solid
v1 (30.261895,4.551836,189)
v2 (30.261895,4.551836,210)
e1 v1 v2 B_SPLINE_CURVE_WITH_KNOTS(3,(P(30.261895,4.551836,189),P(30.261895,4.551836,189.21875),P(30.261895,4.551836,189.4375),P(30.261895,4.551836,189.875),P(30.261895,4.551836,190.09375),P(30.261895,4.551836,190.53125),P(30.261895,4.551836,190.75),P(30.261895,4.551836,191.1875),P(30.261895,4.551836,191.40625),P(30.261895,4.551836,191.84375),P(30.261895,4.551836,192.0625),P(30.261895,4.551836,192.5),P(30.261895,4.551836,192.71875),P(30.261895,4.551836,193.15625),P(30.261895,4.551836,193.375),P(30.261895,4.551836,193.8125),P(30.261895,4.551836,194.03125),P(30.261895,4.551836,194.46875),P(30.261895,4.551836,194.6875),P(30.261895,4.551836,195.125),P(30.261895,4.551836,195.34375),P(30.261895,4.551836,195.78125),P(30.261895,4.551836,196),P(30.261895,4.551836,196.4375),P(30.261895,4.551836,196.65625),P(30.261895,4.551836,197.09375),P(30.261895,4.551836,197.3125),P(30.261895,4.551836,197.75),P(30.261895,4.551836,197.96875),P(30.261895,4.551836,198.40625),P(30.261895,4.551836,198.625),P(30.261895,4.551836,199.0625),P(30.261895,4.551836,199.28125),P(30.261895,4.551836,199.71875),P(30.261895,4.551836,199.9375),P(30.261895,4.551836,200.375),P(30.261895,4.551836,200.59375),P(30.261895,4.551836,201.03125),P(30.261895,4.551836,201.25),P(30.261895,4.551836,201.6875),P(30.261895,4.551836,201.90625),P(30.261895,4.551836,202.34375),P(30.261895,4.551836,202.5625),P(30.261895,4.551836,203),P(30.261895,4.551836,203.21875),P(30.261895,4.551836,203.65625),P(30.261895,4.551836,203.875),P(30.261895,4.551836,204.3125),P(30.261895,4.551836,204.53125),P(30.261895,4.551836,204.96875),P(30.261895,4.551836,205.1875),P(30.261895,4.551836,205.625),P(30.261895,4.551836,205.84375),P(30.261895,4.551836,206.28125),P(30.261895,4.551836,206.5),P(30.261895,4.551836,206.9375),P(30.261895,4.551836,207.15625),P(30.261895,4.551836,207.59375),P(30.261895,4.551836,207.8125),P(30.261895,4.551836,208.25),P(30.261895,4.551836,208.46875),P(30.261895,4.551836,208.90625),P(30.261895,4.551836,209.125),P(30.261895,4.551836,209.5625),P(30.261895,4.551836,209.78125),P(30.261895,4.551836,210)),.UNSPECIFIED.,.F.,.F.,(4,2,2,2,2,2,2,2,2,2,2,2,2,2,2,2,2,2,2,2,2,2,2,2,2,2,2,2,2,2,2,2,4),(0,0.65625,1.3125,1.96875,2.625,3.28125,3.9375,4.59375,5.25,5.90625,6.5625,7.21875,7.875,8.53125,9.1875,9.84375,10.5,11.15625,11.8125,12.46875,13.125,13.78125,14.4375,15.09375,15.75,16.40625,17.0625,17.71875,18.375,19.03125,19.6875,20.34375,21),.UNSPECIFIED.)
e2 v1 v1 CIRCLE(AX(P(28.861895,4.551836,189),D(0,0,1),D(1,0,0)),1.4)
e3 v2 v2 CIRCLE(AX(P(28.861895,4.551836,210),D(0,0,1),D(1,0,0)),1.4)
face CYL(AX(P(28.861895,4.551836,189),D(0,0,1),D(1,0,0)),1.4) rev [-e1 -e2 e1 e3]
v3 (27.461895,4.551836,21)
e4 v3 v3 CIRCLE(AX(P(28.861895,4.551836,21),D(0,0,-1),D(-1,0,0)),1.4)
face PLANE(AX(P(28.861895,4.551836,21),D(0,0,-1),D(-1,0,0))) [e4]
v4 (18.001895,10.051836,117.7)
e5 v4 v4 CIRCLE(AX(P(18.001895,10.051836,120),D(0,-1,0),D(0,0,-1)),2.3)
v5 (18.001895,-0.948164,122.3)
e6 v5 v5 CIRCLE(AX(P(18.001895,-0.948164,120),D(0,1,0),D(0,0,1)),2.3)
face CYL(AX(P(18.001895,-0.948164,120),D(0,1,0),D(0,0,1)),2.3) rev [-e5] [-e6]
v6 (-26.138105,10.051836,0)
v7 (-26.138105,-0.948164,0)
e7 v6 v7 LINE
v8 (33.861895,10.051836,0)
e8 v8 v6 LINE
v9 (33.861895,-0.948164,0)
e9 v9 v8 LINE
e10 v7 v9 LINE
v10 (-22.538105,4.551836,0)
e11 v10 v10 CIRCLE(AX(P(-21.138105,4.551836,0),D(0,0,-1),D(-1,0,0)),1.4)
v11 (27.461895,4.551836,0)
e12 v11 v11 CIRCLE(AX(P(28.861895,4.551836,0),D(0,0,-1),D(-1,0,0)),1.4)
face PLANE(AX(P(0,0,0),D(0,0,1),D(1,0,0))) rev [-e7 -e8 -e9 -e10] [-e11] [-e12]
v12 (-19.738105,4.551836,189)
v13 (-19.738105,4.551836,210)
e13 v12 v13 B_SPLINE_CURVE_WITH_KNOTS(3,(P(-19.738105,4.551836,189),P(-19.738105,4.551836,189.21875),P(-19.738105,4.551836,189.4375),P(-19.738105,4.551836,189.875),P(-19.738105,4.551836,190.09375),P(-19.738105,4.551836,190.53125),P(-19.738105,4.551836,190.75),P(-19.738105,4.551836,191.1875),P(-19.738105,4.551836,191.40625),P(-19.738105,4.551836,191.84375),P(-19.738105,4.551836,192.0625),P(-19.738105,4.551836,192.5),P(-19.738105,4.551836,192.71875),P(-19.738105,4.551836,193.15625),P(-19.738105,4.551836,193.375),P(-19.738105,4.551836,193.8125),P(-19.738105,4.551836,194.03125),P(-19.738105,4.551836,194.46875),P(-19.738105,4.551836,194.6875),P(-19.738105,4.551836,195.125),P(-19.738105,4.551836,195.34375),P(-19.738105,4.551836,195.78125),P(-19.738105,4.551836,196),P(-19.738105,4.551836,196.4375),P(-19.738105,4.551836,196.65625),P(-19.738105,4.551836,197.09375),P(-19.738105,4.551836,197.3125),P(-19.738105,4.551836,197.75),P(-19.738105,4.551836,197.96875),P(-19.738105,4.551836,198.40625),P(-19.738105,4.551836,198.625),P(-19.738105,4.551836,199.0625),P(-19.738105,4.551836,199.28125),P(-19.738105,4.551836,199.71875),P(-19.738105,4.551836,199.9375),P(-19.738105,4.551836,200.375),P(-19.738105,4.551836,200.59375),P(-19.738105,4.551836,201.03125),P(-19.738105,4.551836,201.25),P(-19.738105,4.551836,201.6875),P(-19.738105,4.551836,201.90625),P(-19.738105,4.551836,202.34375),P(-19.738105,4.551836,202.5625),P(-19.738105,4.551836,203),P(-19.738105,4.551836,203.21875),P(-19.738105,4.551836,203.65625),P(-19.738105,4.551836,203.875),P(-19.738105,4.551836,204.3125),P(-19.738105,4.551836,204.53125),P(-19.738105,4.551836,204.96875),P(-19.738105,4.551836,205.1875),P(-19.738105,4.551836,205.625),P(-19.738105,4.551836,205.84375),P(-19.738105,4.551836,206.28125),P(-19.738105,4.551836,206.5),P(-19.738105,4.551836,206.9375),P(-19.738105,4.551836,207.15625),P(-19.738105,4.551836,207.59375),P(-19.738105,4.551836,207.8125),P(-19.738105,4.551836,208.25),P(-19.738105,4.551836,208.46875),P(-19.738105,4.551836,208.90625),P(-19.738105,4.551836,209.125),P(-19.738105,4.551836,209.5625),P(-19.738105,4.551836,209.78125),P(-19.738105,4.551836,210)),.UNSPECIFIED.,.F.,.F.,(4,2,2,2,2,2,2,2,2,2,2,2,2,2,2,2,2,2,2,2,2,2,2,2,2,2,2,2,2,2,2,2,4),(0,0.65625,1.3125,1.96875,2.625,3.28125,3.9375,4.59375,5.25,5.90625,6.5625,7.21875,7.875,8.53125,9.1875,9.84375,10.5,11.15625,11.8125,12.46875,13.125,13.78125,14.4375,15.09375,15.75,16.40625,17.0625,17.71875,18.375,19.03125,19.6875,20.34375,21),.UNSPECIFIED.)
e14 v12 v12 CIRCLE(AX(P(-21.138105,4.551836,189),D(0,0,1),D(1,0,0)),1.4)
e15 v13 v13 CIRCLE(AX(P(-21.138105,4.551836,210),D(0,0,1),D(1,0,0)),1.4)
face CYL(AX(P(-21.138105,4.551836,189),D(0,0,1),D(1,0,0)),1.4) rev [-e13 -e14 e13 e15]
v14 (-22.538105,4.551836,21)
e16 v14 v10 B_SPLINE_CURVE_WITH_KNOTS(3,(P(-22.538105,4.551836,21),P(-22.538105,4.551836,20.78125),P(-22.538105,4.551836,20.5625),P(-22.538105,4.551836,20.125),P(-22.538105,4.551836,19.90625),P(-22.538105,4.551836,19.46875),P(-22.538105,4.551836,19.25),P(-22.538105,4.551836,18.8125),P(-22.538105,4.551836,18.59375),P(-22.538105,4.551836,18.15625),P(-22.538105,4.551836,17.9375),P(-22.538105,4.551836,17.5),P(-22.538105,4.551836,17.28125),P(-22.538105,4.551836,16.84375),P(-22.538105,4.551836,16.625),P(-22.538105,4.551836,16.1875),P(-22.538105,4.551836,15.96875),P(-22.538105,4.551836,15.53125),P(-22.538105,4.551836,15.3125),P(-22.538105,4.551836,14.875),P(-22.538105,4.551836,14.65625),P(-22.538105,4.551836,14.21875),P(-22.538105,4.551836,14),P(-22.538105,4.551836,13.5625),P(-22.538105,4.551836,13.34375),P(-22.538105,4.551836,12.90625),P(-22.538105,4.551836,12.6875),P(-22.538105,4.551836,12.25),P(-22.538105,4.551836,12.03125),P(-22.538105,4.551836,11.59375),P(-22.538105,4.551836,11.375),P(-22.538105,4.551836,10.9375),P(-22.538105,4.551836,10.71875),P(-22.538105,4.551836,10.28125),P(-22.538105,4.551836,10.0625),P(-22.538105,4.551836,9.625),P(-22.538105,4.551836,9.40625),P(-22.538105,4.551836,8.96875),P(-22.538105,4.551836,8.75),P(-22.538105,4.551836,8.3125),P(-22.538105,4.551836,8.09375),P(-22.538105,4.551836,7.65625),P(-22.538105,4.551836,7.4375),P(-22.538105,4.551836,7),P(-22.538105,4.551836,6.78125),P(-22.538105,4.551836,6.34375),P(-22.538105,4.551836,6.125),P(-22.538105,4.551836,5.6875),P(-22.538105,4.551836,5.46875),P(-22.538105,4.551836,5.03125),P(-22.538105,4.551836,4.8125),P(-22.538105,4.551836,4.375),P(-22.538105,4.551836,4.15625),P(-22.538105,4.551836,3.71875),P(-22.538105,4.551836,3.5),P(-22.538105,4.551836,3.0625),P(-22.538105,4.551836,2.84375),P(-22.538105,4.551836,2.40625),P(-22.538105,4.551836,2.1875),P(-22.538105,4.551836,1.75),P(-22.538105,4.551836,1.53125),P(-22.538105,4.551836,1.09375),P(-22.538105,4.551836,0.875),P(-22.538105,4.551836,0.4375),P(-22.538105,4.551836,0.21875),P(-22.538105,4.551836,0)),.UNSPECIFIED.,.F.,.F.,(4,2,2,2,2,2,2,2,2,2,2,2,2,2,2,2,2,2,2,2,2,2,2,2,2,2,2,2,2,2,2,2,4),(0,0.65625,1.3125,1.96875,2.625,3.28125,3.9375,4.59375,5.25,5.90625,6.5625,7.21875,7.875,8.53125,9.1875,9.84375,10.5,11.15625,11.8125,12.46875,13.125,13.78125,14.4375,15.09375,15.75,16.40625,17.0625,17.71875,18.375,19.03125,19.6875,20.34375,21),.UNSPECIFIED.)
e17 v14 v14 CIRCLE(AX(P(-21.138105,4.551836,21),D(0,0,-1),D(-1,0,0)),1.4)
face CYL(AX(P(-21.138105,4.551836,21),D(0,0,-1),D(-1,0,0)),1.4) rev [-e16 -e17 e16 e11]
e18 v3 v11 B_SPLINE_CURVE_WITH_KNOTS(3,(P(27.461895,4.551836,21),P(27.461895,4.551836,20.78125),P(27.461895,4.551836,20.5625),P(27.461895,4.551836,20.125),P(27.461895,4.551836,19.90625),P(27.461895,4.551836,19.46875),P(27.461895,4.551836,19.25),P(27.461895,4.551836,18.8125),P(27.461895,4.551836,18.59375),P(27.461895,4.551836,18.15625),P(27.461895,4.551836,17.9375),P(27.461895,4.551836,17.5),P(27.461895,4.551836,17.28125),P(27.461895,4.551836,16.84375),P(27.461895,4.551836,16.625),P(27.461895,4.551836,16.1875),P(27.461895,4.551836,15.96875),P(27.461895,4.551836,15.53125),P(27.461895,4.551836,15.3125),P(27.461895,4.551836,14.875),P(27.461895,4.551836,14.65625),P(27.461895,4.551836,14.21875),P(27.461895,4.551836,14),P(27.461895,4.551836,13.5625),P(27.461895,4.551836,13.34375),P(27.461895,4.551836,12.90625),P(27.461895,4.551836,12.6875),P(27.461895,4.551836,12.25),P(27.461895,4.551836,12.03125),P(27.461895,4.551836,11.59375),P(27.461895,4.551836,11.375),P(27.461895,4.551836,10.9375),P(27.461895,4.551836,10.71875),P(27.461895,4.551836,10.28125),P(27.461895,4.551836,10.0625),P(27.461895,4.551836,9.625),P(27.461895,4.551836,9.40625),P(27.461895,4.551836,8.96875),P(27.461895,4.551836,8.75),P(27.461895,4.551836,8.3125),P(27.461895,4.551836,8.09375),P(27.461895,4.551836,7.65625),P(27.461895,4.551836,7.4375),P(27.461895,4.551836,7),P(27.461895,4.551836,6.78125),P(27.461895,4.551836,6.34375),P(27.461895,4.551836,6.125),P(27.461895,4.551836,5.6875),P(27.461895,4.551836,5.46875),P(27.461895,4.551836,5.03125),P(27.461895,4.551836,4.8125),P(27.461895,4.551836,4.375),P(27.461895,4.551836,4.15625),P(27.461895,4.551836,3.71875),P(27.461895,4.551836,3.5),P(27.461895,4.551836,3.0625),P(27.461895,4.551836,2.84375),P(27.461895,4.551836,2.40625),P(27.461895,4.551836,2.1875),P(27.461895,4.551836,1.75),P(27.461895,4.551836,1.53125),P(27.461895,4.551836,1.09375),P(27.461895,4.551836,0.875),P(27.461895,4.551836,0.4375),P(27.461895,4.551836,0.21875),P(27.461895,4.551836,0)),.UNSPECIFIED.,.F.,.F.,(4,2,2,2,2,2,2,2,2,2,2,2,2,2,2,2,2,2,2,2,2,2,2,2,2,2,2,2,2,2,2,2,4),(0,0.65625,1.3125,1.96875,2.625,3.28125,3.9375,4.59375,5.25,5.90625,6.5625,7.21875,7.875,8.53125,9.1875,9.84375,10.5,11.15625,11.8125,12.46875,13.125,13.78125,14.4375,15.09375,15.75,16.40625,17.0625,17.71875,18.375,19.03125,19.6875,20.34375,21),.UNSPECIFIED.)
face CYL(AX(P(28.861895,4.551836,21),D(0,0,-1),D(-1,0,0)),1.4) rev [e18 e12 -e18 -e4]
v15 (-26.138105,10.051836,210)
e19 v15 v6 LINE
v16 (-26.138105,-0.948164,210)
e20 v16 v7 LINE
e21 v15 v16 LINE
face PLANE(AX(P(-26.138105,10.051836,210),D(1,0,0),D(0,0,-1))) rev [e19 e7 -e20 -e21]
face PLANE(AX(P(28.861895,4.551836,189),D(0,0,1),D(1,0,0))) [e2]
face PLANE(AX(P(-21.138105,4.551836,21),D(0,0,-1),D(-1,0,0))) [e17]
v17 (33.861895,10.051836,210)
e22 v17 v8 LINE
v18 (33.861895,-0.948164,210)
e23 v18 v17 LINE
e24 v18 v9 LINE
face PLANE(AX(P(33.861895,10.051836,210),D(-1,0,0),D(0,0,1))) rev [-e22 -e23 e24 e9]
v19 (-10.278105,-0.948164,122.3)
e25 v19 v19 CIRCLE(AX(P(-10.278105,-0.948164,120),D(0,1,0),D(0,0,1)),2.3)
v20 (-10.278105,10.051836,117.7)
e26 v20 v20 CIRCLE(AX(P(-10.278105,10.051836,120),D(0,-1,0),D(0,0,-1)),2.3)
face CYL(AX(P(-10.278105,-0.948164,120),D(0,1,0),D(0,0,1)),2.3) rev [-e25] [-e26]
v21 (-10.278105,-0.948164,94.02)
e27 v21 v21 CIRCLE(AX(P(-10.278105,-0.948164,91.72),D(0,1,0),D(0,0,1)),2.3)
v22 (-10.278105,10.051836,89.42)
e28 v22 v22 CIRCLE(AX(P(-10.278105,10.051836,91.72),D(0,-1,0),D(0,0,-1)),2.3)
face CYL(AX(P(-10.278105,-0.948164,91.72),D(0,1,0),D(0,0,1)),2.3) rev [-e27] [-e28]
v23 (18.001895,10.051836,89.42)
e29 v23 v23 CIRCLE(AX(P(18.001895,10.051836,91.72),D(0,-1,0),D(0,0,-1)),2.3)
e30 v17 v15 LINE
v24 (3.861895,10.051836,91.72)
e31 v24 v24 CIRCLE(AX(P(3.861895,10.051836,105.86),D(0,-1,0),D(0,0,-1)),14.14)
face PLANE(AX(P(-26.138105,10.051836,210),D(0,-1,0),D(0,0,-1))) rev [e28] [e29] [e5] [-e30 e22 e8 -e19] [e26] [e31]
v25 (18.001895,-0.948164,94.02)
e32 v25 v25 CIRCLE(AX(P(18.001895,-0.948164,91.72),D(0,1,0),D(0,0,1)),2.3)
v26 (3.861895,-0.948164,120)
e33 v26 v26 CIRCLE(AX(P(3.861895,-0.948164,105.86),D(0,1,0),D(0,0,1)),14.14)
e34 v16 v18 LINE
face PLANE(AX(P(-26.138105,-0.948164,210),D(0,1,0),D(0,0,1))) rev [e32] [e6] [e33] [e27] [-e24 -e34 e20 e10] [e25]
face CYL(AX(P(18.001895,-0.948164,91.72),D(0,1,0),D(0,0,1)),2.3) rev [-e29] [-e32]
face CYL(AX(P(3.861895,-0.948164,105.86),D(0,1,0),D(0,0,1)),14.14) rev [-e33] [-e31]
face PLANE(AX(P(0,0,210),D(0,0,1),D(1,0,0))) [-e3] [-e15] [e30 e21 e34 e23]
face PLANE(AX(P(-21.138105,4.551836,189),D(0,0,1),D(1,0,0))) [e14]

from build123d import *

# Parameters (mm, degrees)
IZIM1_W                     = 60
IZIM1_H                     = 11
Y_KSEKLIK_EKSTR_ZYON1_DEPTH = 210
KES_EKSTR_ZYON1_DEPTH       = 213.996779223
KES_EKSTR_ZYON1_DEPTH_BACK  = 213.996779223
IZIM2_R                     = 14.14
IZIM2_R_2                   = 2.3
IZIM3_R                     = 1.4
KES_EKSTR_ZYON2_DEPTH       = 21
KES_EKSTR_ZYON3_START       = -21
IZIM4_R                     = 1.4
KES_EKSTR_ZYON3_DEPTH       = 21


with BuildPart() as part:
    # Çizim1 → Yükseklik-Ekstrüzyon1 (new body)
    with BuildSketch(Plane.XY):
        with Locations((3.861895391, 4.551835536)):
            Rectangle(IZIM1_W, IZIM1_H)
    extrude(amount=Y_KSEKLIK_EKSTR_ZYON1_DEPTH)

    # Çizim2 → Kes-Ekstrüzyon1 (cut, two sides: drawn at the far end of the back side and taken through both)
    with BuildSketch(Plane(origin=(0, 10.051835536, 0), x_dir=(1, 0, 0), z_dir=(0, 1, 0)).offset(-KES_EKSTR_ZYON1_DEPTH_BACK)):
        with Locations(Location((3.861895391, -105.86, 0), (0, 0, 270))):
            Circle(IZIM2_R)
        with Locations(Location((-10.278104609, -91.72, 0), (0, 0, 270))):
            Circle(IZIM2_R_2)
        with Locations(Location((18.001895391, -91.72, 0), (0, 0, 270))):
            Circle(IZIM2_R_2)
        with Locations(Location((18.001895391, -120, 0), (0, 0, 270))):
            Circle(IZIM2_R_2)
        with Locations(Location((-10.278104609, -120, 0), (0, 0, 270))):
            Circle(IZIM2_R_2)
    extrude(amount=KES_EKSTR_ZYON1_DEPTH + KES_EKSTR_ZYON1_DEPTH_BACK, mode=Mode.SUBTRACT)

    # Çizim3 → Kes-Ekstrüzyon2 (cut)
    with BuildSketch(Plane(origin=(0, 0, 0), x_dir=(-1, 0, 0), z_dir=(0, 0, -1))):
        with Locations((21.138104609, 4.551835536)):
            Circle(IZIM3_R)
        with Locations((-28.861895391, 4.551835536)):
            Circle(IZIM3_R)
    extrude(amount=-KES_EKSTR_ZYON2_DEPTH, mode=Mode.SUBTRACT)

    # Çizim4 → Kes-Ekstrüzyon3 (cut)
    with BuildSketch(Plane.XY.offset(210).offset(KES_EKSTR_ZYON3_START)):
        with Locations(Location((-21.138104609, 4.551835536, 0), (0, 0, 180))):
            Circle(IZIM4_R)
        with Locations(Location((28.861895391, 4.551835536, 0), (0, 0, 180))):
            Circle(IZIM4_R)
    extrude(amount=KES_EKSTR_ZYON3_DEPTH, mode=Mode.SUBTRACT)


solid = part.part
